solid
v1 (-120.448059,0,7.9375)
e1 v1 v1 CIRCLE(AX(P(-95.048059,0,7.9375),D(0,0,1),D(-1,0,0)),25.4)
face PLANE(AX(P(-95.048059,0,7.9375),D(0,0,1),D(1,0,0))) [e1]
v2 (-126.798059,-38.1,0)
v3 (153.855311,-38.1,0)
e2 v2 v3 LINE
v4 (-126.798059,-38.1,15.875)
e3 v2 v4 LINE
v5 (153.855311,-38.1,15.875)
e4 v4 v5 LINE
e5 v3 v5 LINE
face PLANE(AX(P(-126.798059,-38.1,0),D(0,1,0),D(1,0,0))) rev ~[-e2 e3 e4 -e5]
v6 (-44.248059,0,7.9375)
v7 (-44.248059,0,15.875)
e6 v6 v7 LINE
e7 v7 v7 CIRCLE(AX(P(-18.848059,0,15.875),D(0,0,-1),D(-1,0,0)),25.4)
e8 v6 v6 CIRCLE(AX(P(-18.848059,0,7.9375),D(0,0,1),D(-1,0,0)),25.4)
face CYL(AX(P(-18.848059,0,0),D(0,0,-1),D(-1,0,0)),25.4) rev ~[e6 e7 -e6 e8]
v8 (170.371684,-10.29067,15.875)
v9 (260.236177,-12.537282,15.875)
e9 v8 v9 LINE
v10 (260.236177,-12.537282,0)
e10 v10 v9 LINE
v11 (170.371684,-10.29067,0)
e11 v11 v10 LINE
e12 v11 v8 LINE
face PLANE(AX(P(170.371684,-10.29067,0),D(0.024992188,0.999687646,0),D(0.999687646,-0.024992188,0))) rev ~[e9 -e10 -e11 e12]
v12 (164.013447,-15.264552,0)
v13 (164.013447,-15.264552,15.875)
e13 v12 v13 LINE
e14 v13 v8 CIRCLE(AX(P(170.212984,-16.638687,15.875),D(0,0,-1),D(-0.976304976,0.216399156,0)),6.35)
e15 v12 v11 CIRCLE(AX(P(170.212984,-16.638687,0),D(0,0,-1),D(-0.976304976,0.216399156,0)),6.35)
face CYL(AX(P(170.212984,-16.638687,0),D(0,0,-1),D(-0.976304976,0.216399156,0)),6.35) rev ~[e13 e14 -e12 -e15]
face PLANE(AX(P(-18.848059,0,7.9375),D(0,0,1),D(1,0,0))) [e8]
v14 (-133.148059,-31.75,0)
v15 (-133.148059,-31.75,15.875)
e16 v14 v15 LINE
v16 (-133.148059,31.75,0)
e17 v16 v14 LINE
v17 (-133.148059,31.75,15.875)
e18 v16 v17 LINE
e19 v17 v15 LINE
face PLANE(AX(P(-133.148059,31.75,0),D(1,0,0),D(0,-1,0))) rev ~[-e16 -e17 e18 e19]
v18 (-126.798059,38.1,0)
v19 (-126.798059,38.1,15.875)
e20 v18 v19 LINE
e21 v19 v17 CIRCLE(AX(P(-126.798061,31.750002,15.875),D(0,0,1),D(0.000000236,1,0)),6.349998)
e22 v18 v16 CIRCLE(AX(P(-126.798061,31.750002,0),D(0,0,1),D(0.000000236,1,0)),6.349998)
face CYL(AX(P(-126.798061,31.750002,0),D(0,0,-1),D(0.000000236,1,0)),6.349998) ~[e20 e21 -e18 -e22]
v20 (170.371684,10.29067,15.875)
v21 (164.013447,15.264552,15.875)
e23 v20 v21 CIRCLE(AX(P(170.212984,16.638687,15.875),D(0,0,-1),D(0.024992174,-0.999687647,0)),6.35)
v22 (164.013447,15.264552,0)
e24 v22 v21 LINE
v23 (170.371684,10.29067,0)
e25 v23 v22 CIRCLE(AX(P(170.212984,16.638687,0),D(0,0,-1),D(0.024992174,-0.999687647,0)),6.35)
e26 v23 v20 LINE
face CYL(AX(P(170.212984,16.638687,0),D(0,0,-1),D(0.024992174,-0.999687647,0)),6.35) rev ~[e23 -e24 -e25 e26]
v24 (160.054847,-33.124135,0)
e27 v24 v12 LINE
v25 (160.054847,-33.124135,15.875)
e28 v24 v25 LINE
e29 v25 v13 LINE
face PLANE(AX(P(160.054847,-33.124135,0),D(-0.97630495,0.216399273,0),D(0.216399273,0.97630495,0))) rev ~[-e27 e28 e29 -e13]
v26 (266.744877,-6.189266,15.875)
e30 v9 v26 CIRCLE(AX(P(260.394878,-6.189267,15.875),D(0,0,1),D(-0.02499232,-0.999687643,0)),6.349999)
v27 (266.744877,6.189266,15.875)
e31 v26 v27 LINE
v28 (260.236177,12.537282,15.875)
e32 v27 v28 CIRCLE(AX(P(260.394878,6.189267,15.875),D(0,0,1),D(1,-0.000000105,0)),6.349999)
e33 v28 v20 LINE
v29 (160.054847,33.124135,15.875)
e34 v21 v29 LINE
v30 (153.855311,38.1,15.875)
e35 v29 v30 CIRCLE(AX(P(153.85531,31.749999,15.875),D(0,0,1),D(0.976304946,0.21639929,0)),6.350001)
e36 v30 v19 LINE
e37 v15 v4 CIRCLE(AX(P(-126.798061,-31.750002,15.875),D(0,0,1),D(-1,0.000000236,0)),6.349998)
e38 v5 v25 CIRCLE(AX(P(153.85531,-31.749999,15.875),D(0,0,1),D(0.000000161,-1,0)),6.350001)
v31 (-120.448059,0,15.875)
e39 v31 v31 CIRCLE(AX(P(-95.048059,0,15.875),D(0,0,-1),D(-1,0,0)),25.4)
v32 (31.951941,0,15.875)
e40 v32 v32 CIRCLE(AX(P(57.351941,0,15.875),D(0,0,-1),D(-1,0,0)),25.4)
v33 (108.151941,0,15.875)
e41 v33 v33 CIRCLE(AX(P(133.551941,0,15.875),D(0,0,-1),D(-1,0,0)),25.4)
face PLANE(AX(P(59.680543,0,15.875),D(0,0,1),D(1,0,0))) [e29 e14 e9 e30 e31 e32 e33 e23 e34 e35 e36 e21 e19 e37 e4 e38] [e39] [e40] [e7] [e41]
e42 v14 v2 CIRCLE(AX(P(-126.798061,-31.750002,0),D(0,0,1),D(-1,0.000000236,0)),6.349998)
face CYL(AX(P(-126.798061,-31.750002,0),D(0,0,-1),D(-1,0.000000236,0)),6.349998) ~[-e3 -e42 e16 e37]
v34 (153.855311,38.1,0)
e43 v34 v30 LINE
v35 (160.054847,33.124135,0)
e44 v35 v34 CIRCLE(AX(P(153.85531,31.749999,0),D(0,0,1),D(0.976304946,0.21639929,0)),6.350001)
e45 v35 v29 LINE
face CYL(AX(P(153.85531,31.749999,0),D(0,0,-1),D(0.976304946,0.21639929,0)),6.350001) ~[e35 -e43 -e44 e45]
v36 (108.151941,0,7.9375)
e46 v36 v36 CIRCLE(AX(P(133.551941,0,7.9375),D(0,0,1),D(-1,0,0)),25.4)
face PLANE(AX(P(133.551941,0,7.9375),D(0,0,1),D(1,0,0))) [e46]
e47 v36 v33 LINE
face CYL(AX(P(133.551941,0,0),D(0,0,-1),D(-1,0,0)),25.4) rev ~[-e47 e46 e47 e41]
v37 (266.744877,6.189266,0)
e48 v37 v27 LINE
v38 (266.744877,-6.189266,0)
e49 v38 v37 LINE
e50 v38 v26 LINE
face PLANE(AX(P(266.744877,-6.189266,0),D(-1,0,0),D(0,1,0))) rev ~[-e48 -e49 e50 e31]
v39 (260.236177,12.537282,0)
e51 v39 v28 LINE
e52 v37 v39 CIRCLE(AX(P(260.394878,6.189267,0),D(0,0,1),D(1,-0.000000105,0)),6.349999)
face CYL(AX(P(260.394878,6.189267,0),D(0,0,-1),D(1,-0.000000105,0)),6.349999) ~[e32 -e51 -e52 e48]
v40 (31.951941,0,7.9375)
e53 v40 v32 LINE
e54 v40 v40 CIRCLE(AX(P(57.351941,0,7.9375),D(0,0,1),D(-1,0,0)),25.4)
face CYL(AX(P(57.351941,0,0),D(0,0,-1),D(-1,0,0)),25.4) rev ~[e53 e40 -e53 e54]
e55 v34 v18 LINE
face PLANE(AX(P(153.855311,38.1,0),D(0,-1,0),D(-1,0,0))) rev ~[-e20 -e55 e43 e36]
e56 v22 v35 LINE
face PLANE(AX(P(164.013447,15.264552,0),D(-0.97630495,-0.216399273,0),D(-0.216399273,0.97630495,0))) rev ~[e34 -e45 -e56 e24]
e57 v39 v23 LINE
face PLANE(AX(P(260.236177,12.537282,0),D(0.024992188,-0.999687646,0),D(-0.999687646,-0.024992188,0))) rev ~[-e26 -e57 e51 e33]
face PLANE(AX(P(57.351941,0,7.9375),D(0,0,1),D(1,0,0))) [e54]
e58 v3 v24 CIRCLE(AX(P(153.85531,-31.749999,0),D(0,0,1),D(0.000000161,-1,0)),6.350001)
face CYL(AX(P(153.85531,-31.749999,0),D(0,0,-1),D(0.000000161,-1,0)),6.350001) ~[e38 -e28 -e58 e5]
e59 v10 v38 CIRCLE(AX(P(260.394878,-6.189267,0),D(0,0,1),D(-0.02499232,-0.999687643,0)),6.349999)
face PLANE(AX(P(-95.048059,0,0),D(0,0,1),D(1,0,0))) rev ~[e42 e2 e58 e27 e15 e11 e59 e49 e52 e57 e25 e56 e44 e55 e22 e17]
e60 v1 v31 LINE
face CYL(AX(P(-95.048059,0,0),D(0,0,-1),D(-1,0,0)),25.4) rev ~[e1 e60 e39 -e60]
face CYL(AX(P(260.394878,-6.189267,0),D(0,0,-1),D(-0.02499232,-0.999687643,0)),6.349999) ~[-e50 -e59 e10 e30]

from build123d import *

# Parameters (mm, degrees)
F1_DEPTH = 15.875
F2_DEPTH = 7.9375


with BuildPart() as f1:
    # F0 (on Top) → F1 (new body)
    with BuildSketch(Plane.XY):
        with BuildLine():
            Line((-133.148059, 31.75), (-133.148059, 0))
            Line((-133.148059, 0), (-133.148059, -31.75))
            ThreePointArc((-133.148059, -31.75), (-131.288188, -36.240128), (-126.798059, -38.1))
            Line((-126.798059, -38.1), (153.855311, -38.1))
            ThreePointArc((153.855311, -38.1), (157.830027, -36.702184), (160.054847, -33.124135))
            Line((160.054847, -33.124135), (164.013447, -15.264552))
            ThreePointArc((164.013447, -15.264552), (166.300465, -11.637217), (170.371684, -10.29067))
            Line((170.371684, -10.29067), (260.236177, -12.537282))
            ThreePointArc((260.236177, -12.537282), (264.828541, -10.735157), (266.744877, -6.189266))
            Line((266.744877, -6.189266), (266.744877, 0))
            Line((266.744877, 0), (266.744877, 6.189266))
            ThreePointArc((266.744877, 6.189266), (264.828541, 10.735157), (260.236177, 12.537282))
            Line((260.236177, 12.537282), (170.371684, 10.29067))
            ThreePointArc((170.371684, 10.29067), (166.300465, 11.637217), (164.013447, 15.264552))
            Line((164.013447, 15.264552), (160.054847, 33.124135))
            ThreePointArc((160.054847, 33.124135), (157.830027, 36.702184), (153.855311, 38.1))
            Line((153.855311, 38.1), (-126.798059, 38.1))
            ThreePointArc((-126.798059, 38.1), (-131.288188, 36.240128), (-133.148059, 31.75))
        make_face()
        with BuildLine():
            ThreePointArc((-69.648059, 0), (-95.048059, -25.4), (-120.448059, 0))
            ThreePointArc((-120.448059, 0), (-95.048059, 25.4), (-69.648059, 0))
        make_face(mode=Mode.SUBTRACT)
        with BuildLine():
            ThreePointArc((6.551941, 0), (-18.848059, -25.4), (-44.248059, 0))
            ThreePointArc((-44.248059, 0), (-18.848059, 25.4), (6.551941, 0))
        make_face(mode=Mode.SUBTRACT)
        with BuildLine():
            ThreePointArc((82.751941, 0), (57.351941, -25.4), (31.951941, 0))
            ThreePointArc((31.951941, 0), (57.351941, 25.4), (82.751941, 0))
        make_face(mode=Mode.SUBTRACT)
        with BuildLine():
            ThreePointArc((158.951941, 0), (133.551941, -25.4), (108.151941, 0))
            ThreePointArc((108.151941, 0), (133.551941, 25.4), (158.951941, 0))
        make_face(mode=Mode.SUBTRACT)
    extrude(amount=F1_DEPTH)

    # F0 (on Top) → F2 (join)
    with BuildSketch(Plane.XY):
        with BuildLine():
            ThreePointArc((-69.648059, 0), (-95.048059, 25.4), (-120.448059, 0))
            ThreePointArc((-120.448059, 0), (-95.048059, -25.4), (-69.648059, 0))
        make_face()
        with BuildLine():
            ThreePointArc((6.551941, 0), (-18.848059, 25.4), (-44.248059, 0))
            ThreePointArc((-44.248059, 0), (-18.848059, -25.4), (6.551941, 0))
        make_face()
        with BuildLine():
            ThreePointArc((82.751941, 0), (57.351941, 25.4), (31.951941, 0))
            ThreePointArc((31.951941, 0), (57.351941, -25.4), (82.751941, 0))
        make_face()
        with BuildLine():
            ThreePointArc((158.951941, 0), (133.551941, 25.4), (108.151941, 0))
            ThreePointArc((108.151941, 0), (133.551941, -25.4), (158.951941, 0))
        make_face()
    extrude(amount=F2_DEPTH)


solid = f1.part
